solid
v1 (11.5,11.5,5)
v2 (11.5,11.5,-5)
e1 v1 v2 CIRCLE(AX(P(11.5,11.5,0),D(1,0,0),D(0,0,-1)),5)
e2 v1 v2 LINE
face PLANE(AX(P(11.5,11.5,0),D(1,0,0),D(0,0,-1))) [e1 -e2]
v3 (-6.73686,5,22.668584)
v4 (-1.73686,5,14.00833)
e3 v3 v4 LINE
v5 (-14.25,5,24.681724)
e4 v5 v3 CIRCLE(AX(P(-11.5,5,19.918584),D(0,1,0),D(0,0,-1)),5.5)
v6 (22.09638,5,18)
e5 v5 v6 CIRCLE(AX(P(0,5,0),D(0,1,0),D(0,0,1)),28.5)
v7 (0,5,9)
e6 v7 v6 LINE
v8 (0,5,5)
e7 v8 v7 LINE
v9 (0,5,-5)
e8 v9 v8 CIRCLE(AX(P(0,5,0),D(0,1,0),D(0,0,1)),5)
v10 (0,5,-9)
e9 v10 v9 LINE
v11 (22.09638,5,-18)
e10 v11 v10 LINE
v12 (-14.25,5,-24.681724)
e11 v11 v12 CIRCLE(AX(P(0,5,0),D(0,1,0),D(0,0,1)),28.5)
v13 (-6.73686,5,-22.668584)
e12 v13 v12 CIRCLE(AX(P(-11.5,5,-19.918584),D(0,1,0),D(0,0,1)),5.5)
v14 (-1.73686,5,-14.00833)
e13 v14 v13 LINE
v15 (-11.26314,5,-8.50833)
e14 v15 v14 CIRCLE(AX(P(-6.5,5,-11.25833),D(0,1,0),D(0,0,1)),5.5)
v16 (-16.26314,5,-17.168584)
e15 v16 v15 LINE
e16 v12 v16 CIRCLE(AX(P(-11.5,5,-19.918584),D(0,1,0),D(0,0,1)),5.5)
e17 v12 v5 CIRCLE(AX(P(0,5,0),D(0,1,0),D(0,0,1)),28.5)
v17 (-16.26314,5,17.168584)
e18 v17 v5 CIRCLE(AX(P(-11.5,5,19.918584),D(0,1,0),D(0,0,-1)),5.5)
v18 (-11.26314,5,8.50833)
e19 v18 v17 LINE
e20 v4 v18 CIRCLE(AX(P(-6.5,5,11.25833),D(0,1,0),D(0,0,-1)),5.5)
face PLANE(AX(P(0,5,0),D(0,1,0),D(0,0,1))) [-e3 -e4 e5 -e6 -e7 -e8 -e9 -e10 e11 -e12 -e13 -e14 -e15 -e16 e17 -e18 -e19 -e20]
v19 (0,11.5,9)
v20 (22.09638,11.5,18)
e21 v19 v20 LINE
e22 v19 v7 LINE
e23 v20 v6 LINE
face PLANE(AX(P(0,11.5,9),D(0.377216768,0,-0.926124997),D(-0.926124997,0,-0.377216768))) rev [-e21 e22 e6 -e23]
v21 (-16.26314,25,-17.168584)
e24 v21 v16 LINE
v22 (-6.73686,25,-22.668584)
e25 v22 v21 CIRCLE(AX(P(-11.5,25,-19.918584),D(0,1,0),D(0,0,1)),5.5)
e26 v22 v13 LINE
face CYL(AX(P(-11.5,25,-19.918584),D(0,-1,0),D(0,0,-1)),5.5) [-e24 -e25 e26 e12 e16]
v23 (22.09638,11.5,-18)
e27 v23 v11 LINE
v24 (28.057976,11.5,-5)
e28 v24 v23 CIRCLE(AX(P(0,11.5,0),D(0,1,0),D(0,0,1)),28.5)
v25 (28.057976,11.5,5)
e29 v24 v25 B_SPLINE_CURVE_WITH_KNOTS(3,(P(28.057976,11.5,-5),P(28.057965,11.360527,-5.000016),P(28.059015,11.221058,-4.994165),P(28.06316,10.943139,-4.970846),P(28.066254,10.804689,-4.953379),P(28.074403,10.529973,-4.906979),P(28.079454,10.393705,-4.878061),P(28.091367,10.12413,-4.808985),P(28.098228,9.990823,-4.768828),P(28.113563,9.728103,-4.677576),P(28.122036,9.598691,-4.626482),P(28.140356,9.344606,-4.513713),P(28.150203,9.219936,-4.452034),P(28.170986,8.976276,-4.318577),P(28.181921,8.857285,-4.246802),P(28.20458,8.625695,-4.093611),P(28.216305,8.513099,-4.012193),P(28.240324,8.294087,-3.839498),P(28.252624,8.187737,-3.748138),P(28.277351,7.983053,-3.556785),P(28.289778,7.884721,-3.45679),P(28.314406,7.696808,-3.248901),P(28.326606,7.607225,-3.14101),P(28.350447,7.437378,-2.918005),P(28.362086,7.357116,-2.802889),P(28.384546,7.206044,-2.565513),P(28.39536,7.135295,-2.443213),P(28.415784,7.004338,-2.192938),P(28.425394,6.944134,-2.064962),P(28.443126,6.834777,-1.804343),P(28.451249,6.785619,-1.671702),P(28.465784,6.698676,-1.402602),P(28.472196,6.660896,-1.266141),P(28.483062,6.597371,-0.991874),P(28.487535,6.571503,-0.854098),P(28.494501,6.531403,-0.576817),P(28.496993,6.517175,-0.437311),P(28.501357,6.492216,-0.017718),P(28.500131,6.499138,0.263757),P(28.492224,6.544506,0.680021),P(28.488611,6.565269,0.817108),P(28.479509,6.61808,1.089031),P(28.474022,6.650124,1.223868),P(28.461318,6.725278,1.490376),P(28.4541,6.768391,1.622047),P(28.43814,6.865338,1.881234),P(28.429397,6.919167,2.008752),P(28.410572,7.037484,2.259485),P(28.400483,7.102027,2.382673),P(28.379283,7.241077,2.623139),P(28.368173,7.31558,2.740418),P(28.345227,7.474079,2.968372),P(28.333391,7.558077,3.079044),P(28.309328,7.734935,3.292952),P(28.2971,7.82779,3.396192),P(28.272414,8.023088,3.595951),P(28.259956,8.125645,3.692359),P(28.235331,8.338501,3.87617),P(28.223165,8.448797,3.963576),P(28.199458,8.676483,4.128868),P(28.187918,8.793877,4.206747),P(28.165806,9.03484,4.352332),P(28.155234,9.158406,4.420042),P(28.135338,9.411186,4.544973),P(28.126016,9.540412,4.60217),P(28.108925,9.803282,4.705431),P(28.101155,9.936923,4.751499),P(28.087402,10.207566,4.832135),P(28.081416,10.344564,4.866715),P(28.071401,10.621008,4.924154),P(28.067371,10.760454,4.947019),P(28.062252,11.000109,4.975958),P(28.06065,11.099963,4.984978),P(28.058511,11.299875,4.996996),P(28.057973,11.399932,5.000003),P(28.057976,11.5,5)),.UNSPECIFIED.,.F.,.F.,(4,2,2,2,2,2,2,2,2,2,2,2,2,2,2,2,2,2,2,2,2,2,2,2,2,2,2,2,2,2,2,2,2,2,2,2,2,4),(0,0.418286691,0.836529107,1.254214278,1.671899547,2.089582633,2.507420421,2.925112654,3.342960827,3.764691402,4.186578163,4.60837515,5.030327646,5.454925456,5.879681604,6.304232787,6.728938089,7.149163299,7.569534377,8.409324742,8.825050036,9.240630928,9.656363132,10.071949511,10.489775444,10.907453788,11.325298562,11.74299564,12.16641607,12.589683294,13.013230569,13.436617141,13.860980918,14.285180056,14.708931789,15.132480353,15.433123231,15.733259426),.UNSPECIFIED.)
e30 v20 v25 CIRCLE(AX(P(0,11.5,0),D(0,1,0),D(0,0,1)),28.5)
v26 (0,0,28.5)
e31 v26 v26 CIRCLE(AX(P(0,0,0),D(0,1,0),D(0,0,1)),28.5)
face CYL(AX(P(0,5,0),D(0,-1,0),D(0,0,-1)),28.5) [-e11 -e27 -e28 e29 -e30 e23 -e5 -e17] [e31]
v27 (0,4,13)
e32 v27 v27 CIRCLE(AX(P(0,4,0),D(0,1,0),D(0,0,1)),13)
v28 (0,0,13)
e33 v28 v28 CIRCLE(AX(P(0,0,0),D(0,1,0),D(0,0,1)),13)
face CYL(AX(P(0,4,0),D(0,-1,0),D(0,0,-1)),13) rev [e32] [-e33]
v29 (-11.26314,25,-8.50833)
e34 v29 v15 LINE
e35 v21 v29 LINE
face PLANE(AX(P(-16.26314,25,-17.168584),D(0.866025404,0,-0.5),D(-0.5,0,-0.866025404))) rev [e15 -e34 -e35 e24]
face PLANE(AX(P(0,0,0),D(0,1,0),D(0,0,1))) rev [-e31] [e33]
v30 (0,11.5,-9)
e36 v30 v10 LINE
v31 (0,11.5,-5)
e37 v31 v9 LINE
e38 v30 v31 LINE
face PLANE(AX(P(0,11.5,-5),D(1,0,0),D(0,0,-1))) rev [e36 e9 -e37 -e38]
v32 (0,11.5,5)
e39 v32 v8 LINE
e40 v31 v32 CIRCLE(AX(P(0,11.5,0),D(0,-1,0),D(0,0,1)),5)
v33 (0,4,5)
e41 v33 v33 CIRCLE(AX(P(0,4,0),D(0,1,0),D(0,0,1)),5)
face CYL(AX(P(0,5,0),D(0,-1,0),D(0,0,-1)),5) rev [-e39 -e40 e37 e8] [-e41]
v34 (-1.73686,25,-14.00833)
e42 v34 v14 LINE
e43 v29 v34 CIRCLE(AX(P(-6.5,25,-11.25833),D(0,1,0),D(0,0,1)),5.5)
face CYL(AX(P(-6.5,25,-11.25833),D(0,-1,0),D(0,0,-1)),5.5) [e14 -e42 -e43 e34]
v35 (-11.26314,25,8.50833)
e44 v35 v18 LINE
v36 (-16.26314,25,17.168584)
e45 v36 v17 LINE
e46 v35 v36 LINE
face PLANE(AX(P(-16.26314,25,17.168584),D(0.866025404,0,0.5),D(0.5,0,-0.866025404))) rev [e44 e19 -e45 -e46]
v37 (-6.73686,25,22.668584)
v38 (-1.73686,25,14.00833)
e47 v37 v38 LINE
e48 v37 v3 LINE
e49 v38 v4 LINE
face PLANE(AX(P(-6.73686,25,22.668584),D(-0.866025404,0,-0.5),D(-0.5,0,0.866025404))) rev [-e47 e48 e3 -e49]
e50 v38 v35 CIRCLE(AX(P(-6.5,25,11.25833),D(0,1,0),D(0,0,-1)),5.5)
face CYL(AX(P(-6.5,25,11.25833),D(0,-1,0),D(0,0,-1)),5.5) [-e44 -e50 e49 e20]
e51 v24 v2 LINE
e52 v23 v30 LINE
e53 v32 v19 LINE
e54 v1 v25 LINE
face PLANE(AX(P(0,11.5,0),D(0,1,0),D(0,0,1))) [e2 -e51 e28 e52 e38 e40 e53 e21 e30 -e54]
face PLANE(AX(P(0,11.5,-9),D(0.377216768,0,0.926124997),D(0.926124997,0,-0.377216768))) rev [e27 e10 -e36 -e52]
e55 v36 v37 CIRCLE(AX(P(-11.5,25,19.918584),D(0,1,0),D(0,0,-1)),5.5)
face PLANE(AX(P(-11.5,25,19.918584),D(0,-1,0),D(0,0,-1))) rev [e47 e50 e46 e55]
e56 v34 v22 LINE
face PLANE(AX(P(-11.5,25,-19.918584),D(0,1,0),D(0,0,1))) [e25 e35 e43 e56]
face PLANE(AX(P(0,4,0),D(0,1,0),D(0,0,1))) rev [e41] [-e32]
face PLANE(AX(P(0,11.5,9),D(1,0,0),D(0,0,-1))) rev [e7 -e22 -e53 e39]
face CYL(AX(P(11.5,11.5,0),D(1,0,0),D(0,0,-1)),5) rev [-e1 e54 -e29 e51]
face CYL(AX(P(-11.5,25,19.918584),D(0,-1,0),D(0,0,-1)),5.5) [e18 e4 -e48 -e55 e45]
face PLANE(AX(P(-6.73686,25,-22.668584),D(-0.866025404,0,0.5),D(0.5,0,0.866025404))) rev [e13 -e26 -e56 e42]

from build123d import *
from build123d.topology import SkipClean

# Parameters (mm, degrees)
SKETCH1_R           = 28.5
SKETCH1_R_2         = 5
BOSS_EXTRUDE1_DEPTH = 5
BOSS_EXTRUDE3_DEPTH = 6.5
SKETCH6_R           = 5
CUT_EXTRUDE1_DEPTH  = 17
BOSS_EXTRUDE4_DEPTH = 20
SKETCH9_R           = 13
CUT_EXTRUDE2_DEPTH  = 4


with BuildPart() as part:
    # Sketch1 → Boss-Extrude1 (new body)
    with BuildSketch(Plane(origin=(0, 0, 0), x_dir=(1, 0, 0), z_dir=(0, 1, 0))):
        with Locations(Location((0, 0, 0), (0, 0, 270))):
            Circle(SKETCH1_R)
        with Locations(Location((0, 0, 0), (0, 0, 270))):
            Circle(SKETCH1_R_2, mode=Mode.SUBTRACT)
    extrude(amount=BOSS_EXTRUDE1_DEPTH)

    # Sketch5 → Boss-Extrude3 (add)
    with SkipClean():  # the faces are left unmerged after this step: merging them gives an invalid solid
        with BuildSketch(Plane(origin=(0, 5, 0), x_dir=(1, 0, 0), z_dir=(0, 1, 0))):
            with BuildLine():
                Line((0, 9), (22.096379794, 18))
                ThreePointArc((22.096379794, 18), (28.5, 0), (22.096379794, -18))
                Line((22.096379794, -18), (0, -9))
                Line((0, -9), (0, -5))
                ThreePointArc((0, -5), (5, 0), (0, 5))
                Line((0, 5), (0, 9))
            make_face()
        extrude(amount=BOSS_EXTRUDE3_DEPTH)

    # Sketch6 → Cut-Extrude1 (cut)
    with SkipClean():  # the faces are left unmerged after this step: merging them gives an invalid solid
        with BuildSketch(Plane(origin=(28.5, 0, 0), x_dir=(0, 0, -1), z_dir=(1, 0, 0))):
            with Locations((0, 11.5)):
                Circle(SKETCH6_R)
        extrude(amount=-CUT_EXTRUDE1_DEPTH, mode=Mode.SUBTRACT)

    # Sketch8 → Boss-Extrude4 (add)
    with SkipClean():  # the faces are left unmerged after this step: merging them gives an invalid solid
        with BuildSketch(Plane(origin=(0, 5, 0), x_dir=(1, 0, 0), z_dir=(0, 1, 0))):
            with BuildLine():
                Line((-6.736860279, 22.668584287), (-1.736860279, 14.008330249))
                ThreePointArc((-1.736860279, 14.008330249), (-3.75, 6.495190528), (-11.263139721, 8.508330249))
                Line((-11.263139721, 8.508330249), (-16.263139721, 17.168584287))
                ThreePointArc((-16.263139721, 17.168584287), (-14.25, 24.681724008), (-6.736860279, 22.668584287))
            make_face()
            with BuildLine():
                Line((-6.736860279, -22.668584287), (-1.736860279, -14.008330249))
                ThreePointArc((-1.736860279, -14.008330249), (-3.75, -6.495190528), (-11.263139721, -8.508330249))
                Line((-11.263139721, -8.508330249), (-16.263139721, -17.168584287))
                ThreePointArc((-16.263139721, -17.168584287), (-14.25, -24.681724008), (-6.736860279, -22.668584287))
            make_face()
        extrude(amount=BOSS_EXTRUDE4_DEPTH)

    # Sketch9 → Cut-Extrude2 (cut)
    with SkipClean():  # the faces are left unmerged after this step: merging them gives an invalid solid
        with BuildSketch(Plane(origin=(0, 0, 0), x_dir=(1, 0, 0), z_dir=(0, 1, 0))):
            with Locations(Location((0, 0, 0), (0, 0, 270))):
                Circle(SKETCH9_R)
        extrude(amount=CUT_EXTRUDE2_DEPTH, mode=Mode.SUBTRACT)


solid = part.part
